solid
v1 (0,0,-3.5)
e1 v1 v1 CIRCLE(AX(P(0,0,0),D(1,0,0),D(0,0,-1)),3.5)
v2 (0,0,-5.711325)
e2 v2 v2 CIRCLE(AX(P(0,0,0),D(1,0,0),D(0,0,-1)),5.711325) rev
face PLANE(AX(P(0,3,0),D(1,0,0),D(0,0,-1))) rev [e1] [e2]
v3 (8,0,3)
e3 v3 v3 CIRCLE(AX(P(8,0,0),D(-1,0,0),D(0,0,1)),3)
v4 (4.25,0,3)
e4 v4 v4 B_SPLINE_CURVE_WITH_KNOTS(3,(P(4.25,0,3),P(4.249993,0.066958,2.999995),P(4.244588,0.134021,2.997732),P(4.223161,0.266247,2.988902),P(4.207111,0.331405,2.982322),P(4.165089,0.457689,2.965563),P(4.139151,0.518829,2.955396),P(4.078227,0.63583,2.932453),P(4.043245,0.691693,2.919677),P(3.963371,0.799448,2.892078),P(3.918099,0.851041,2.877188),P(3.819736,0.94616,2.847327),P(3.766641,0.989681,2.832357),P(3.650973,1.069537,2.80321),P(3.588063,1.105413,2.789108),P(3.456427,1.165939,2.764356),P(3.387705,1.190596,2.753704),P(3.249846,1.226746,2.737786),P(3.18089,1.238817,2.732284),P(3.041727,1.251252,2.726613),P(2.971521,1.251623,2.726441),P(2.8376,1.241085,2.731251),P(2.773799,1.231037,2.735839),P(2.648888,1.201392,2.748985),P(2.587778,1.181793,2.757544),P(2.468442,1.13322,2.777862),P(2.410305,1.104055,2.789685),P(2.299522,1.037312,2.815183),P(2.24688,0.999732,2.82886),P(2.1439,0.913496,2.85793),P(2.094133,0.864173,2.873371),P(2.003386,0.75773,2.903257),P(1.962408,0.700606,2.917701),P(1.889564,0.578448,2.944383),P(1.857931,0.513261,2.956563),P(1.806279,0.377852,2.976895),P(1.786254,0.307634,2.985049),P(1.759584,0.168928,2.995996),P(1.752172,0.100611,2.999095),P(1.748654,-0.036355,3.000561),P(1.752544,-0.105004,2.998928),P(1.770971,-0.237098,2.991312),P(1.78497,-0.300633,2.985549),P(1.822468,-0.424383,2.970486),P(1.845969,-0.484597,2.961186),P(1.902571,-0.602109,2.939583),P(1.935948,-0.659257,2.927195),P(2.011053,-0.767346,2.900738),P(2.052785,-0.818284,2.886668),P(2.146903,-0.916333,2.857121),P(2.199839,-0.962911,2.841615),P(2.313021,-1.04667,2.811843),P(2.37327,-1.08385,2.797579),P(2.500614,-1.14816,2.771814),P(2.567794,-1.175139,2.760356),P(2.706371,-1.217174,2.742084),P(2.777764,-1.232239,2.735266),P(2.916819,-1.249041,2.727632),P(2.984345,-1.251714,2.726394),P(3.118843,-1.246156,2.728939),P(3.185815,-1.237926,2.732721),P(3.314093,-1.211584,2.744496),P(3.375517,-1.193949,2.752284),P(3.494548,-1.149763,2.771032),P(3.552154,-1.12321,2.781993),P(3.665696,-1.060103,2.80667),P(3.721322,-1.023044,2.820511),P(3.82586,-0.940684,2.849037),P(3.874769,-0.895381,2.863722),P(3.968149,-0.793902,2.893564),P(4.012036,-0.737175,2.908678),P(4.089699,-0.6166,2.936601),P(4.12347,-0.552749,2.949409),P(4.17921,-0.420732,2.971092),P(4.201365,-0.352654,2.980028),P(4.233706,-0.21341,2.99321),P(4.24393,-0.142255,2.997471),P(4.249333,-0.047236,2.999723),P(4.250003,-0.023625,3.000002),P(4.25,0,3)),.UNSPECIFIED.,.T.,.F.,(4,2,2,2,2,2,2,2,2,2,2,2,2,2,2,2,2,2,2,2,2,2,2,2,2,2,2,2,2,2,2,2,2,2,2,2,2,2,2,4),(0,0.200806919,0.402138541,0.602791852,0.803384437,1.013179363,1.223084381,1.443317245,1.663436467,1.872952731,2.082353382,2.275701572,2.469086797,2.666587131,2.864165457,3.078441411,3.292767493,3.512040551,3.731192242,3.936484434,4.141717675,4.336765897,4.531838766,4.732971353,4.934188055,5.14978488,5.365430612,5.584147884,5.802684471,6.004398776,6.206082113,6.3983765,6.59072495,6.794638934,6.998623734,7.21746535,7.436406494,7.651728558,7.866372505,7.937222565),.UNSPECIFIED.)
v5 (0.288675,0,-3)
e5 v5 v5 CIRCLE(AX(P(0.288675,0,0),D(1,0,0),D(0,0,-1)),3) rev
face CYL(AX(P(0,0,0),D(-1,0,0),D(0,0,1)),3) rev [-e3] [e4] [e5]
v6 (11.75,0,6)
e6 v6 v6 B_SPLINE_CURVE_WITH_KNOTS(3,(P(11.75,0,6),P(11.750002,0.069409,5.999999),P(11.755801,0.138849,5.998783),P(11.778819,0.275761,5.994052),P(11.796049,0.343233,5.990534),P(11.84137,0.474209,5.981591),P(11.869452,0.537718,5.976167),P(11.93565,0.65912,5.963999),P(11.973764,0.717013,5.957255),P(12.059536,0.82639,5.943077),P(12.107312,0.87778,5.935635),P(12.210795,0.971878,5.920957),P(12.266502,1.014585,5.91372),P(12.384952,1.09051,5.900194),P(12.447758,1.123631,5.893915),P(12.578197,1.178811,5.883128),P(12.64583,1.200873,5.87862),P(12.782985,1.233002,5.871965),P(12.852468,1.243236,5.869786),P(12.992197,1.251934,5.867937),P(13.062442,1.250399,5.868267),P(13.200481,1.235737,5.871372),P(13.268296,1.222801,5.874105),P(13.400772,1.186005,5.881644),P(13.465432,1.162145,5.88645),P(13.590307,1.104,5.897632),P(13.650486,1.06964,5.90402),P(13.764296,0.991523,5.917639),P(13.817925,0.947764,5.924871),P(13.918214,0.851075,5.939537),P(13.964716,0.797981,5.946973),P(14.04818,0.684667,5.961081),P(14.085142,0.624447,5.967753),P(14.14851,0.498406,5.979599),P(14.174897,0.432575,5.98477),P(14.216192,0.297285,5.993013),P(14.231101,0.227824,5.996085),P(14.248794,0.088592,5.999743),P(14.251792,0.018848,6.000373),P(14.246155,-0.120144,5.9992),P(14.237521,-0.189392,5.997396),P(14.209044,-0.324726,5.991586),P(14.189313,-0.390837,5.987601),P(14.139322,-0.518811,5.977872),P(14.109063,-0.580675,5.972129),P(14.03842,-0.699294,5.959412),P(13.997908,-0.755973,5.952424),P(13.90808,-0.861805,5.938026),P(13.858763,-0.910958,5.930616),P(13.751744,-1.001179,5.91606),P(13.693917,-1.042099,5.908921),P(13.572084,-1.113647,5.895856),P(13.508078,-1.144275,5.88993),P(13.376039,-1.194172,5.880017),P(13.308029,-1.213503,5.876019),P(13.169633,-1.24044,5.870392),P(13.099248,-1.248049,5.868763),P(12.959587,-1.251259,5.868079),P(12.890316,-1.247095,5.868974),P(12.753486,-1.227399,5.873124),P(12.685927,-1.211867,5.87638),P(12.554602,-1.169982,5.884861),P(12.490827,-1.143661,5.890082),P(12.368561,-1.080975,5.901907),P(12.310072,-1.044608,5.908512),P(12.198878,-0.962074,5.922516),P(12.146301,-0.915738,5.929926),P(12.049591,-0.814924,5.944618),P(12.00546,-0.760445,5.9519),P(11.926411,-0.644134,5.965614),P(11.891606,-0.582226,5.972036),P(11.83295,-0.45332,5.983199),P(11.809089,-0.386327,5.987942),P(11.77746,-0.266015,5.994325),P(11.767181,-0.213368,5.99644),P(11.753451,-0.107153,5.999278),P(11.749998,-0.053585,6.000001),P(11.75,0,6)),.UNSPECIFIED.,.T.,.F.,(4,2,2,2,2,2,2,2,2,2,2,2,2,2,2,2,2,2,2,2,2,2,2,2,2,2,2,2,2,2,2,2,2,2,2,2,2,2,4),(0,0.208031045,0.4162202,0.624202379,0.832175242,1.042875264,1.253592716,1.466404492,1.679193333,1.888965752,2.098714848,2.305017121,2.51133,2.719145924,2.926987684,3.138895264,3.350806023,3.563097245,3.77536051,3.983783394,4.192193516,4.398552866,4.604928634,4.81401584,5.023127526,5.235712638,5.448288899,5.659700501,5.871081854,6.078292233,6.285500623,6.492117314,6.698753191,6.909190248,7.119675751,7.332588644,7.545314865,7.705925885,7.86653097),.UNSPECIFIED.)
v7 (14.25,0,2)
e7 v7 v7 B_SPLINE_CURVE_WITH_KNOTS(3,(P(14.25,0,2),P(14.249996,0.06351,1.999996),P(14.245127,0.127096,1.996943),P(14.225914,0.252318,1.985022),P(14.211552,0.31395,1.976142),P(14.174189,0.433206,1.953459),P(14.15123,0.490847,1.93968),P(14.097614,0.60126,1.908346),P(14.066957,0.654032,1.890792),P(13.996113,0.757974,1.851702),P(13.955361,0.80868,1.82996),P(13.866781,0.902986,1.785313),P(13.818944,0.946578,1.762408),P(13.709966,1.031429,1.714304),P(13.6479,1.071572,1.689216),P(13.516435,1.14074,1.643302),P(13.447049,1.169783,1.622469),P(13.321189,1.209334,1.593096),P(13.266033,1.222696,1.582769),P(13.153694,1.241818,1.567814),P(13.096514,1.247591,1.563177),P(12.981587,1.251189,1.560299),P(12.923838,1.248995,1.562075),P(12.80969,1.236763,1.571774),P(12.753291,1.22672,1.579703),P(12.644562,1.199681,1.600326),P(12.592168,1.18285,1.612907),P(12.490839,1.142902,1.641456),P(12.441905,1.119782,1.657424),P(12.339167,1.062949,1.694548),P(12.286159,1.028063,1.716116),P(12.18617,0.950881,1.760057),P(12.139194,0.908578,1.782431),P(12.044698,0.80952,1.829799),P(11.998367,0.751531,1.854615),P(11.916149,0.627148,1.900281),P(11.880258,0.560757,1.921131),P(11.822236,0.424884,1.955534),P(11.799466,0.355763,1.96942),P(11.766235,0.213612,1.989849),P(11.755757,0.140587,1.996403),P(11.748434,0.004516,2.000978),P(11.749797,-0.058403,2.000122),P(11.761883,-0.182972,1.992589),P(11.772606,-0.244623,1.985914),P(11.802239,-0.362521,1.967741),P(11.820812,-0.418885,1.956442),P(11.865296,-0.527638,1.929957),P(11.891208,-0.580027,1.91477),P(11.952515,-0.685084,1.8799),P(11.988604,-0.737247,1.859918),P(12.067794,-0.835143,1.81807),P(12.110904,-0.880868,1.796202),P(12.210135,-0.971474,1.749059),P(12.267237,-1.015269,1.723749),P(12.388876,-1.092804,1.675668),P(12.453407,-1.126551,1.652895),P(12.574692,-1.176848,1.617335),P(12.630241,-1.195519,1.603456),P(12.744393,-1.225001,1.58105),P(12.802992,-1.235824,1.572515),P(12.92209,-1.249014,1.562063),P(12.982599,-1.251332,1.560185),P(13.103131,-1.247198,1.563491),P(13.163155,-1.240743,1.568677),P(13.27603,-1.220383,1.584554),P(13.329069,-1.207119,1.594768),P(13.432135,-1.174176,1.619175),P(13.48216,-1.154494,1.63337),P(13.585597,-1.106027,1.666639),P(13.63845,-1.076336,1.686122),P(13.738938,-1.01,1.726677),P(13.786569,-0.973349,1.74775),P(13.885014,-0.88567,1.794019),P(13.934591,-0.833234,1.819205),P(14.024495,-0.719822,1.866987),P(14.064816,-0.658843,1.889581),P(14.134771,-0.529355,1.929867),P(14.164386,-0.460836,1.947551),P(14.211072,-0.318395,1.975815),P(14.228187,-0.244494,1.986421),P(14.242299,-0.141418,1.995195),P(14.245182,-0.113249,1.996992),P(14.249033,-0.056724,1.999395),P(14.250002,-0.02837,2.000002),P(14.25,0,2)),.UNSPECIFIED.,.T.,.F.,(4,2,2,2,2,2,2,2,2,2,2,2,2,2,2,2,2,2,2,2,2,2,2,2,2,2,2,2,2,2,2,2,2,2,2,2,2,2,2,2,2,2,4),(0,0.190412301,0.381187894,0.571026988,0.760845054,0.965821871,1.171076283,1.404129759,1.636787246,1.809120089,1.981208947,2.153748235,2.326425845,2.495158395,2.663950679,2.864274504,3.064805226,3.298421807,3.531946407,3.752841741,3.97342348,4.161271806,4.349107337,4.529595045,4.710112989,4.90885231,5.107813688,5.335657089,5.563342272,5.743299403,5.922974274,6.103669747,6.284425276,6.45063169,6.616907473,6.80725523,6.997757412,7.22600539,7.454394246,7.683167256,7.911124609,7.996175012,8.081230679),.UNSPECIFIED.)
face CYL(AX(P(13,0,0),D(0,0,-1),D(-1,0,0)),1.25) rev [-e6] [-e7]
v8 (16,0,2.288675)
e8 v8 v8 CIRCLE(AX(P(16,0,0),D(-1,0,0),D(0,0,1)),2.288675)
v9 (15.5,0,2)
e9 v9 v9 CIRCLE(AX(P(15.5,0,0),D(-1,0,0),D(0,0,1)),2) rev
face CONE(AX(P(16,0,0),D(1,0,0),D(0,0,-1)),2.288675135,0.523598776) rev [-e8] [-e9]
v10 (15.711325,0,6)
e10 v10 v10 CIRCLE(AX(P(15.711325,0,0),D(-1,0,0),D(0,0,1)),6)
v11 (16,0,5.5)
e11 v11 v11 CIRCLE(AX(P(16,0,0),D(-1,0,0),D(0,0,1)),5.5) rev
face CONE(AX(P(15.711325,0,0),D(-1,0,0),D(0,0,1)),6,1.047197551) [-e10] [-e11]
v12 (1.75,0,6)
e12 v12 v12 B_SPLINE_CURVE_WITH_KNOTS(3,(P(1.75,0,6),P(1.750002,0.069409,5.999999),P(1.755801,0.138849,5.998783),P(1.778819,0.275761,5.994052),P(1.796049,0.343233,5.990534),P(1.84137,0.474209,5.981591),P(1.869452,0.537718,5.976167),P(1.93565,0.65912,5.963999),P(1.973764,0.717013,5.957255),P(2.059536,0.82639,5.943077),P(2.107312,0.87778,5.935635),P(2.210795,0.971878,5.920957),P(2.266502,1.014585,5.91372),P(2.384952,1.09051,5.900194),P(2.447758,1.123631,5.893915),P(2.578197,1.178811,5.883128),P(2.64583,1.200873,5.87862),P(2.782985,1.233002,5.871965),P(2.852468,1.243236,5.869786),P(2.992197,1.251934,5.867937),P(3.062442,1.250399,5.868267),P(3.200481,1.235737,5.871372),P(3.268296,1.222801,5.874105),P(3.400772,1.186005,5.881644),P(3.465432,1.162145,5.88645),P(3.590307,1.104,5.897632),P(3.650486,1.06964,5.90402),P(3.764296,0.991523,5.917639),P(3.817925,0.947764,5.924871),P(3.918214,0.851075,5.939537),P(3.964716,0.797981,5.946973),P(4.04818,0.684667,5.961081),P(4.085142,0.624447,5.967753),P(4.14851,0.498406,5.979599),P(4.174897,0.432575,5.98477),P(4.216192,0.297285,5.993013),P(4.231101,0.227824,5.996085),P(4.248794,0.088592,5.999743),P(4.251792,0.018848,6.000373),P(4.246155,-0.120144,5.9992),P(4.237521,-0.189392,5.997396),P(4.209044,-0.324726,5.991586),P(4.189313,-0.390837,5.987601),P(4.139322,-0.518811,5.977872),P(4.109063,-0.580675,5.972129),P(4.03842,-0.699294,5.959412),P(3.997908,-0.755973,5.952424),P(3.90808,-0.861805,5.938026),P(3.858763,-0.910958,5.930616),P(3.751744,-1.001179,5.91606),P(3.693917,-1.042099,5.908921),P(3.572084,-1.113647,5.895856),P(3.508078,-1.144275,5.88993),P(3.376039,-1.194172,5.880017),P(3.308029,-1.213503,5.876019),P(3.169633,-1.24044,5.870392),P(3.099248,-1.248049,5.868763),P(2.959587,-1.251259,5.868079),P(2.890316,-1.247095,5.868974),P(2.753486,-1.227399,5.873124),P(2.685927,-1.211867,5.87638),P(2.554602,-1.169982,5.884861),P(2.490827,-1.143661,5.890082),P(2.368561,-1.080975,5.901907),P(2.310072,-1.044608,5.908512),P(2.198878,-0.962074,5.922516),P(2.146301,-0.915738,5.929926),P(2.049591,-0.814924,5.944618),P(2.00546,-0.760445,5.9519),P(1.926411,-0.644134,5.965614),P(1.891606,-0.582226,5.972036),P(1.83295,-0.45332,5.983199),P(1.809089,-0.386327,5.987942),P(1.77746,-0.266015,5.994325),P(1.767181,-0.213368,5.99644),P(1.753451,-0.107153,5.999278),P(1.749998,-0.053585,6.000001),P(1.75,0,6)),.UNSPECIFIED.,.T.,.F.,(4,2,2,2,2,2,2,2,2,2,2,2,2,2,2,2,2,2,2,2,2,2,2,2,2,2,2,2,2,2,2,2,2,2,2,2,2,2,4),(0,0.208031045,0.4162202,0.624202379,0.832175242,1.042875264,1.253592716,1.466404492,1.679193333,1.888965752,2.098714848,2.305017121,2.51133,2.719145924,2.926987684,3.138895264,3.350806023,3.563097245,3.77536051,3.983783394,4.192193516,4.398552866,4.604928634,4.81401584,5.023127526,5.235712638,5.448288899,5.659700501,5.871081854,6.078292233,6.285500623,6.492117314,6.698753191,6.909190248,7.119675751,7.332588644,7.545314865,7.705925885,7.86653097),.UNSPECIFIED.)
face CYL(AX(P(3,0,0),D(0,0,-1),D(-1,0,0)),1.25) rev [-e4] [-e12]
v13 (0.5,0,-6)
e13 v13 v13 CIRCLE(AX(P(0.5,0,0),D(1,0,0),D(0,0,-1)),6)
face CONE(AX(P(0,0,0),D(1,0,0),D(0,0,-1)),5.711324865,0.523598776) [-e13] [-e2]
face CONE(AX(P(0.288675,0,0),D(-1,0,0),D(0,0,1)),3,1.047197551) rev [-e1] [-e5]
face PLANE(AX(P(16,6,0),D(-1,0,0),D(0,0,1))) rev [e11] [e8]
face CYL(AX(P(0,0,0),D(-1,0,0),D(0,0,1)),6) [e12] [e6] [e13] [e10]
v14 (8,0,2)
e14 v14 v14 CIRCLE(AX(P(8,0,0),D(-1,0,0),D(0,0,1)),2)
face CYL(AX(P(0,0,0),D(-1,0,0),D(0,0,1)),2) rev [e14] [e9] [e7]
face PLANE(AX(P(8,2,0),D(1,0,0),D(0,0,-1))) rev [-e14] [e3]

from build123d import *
from OCP.BRepFilletAPI import BRepFilletAPI_MakeChamfer

# Parameters (mm, degrees)
CHANFREIN1_SIZE            = 0.5
CHANFREIN1_SIZE2           = 0.288675135
ESQUISSE2_W                = 1.25
ESQUISSE2_H                = 6
TROU_TARAUD_M31_AT_2_COUNT = 2
TROU_TARAUD_M31_AT_2_PITCH = 10


with BuildPart() as part:
    # Esquisse1 → Révolution1 (revolve)
    with BuildSketch(Plane.XY, mode=Mode.PRIVATE) as r_volution1_sk:
        Polygon((0, 3), (0, 6), (16, 6), (16, 2), (8, 2), (8, 3), align=None)
    revolve(r_volution1_sk.sketch.rotate(Axis((0, 0, 0), (1, 0, 0)), 90), axis=Axis((0, 0, 0), (1, 0, 0)))

    # Chanfrein1: one chamfer whose edges measure the first distance from different faces: ONE call of the kernel's chamfer builder (chamfer() names one face for all edges)
    chanfrein1_edges_1 = [part.edges().sort_by_distance(p)[0] for p in [
        (16, 0, -2),
    ]]
    chanfrein1_side_1 = [part.faces().sort_by_distance(p)[0] for p in [
        (12, 0, -2),
    ]]
    chanfrein1_edges_2 = [part.edges().sort_by_distance(p)[0] for p in [
        (16, 0, -6),
    ]]
    chanfrein1_side_2 = [part.faces().sort_by_distance(p)[0] for p in [
        (16, 0, -5.830294373),
    ]]
    chanfrein1_edges_3 = [part.edges().sort_by_distance(p)[0] for p in [
        (0, 0, -6),
    ]]
    chanfrein1_side_3 = [part.faces().sort_by_distance(p)[0] for p in [
        (8, 0, -6),
    ]]
    chanfrein1_edges_4 = [part.edges().sort_by_distance(p)[0] for p in [
        (0, 0, -3),
    ]]
    chanfrein1_side_4 = [part.faces().sort_by_distance(p)[0] for p in [
        (0, 0, -3.169705627),
    ]]
    chanfrein1 = BRepFilletAPI_MakeChamfer(part.part.solid().wrapped)
    for e in chanfrein1_edges_1:
        chanfrein1.Add(CHANFREIN1_SIZE, CHANFREIN1_SIZE2, e.wrapped, chanfrein1_side_1[0].wrapped)  # the first distance lies on this face
    for e in chanfrein1_edges_2:
        chanfrein1.Add(CHANFREIN1_SIZE, CHANFREIN1_SIZE2, e.wrapped, chanfrein1_side_2[0].wrapped)  # the first distance lies on this face
    for e in chanfrein1_edges_3:
        chanfrein1.Add(CHANFREIN1_SIZE, CHANFREIN1_SIZE2, e.wrapped, chanfrein1_side_3[0].wrapped)  # the first distance lies on this face
    for e in chanfrein1_edges_4:
        chanfrein1.Add(CHANFREIN1_SIZE, CHANFREIN1_SIZE2, e.wrapped, chanfrein1_side_4[0].wrapped)  # the first distance lies on this face
    add(Compound.cast(chanfrein1.Shape()), mode=Mode.REPLACE)

    # Esquisse2 → Trou taraudé M31 (revolve, cut)
    with BuildSketch(Plane.YZ.offset(3)):
        with Locations((0.625, 3)):
            Rectangle(ESQUISSE2_W, ESQUISSE2_H)
    trou_taraud_m31 = revolve(axis=Axis((3, 0, -6.35), (0, 0, 1)), mode=Mode.SUBTRACT)

    # Trou taraudé M31 at 2: Trou taraudé M31 ×2
    with Locations(*[(i * TROU_TARAUD_M31_AT_2_PITCH, 0, 0) for i in range(1, TROU_TARAUD_M31_AT_2_COUNT)]):
        add(trou_taraud_m31, mode=Mode.SUBTRACT)


solid = part.part
